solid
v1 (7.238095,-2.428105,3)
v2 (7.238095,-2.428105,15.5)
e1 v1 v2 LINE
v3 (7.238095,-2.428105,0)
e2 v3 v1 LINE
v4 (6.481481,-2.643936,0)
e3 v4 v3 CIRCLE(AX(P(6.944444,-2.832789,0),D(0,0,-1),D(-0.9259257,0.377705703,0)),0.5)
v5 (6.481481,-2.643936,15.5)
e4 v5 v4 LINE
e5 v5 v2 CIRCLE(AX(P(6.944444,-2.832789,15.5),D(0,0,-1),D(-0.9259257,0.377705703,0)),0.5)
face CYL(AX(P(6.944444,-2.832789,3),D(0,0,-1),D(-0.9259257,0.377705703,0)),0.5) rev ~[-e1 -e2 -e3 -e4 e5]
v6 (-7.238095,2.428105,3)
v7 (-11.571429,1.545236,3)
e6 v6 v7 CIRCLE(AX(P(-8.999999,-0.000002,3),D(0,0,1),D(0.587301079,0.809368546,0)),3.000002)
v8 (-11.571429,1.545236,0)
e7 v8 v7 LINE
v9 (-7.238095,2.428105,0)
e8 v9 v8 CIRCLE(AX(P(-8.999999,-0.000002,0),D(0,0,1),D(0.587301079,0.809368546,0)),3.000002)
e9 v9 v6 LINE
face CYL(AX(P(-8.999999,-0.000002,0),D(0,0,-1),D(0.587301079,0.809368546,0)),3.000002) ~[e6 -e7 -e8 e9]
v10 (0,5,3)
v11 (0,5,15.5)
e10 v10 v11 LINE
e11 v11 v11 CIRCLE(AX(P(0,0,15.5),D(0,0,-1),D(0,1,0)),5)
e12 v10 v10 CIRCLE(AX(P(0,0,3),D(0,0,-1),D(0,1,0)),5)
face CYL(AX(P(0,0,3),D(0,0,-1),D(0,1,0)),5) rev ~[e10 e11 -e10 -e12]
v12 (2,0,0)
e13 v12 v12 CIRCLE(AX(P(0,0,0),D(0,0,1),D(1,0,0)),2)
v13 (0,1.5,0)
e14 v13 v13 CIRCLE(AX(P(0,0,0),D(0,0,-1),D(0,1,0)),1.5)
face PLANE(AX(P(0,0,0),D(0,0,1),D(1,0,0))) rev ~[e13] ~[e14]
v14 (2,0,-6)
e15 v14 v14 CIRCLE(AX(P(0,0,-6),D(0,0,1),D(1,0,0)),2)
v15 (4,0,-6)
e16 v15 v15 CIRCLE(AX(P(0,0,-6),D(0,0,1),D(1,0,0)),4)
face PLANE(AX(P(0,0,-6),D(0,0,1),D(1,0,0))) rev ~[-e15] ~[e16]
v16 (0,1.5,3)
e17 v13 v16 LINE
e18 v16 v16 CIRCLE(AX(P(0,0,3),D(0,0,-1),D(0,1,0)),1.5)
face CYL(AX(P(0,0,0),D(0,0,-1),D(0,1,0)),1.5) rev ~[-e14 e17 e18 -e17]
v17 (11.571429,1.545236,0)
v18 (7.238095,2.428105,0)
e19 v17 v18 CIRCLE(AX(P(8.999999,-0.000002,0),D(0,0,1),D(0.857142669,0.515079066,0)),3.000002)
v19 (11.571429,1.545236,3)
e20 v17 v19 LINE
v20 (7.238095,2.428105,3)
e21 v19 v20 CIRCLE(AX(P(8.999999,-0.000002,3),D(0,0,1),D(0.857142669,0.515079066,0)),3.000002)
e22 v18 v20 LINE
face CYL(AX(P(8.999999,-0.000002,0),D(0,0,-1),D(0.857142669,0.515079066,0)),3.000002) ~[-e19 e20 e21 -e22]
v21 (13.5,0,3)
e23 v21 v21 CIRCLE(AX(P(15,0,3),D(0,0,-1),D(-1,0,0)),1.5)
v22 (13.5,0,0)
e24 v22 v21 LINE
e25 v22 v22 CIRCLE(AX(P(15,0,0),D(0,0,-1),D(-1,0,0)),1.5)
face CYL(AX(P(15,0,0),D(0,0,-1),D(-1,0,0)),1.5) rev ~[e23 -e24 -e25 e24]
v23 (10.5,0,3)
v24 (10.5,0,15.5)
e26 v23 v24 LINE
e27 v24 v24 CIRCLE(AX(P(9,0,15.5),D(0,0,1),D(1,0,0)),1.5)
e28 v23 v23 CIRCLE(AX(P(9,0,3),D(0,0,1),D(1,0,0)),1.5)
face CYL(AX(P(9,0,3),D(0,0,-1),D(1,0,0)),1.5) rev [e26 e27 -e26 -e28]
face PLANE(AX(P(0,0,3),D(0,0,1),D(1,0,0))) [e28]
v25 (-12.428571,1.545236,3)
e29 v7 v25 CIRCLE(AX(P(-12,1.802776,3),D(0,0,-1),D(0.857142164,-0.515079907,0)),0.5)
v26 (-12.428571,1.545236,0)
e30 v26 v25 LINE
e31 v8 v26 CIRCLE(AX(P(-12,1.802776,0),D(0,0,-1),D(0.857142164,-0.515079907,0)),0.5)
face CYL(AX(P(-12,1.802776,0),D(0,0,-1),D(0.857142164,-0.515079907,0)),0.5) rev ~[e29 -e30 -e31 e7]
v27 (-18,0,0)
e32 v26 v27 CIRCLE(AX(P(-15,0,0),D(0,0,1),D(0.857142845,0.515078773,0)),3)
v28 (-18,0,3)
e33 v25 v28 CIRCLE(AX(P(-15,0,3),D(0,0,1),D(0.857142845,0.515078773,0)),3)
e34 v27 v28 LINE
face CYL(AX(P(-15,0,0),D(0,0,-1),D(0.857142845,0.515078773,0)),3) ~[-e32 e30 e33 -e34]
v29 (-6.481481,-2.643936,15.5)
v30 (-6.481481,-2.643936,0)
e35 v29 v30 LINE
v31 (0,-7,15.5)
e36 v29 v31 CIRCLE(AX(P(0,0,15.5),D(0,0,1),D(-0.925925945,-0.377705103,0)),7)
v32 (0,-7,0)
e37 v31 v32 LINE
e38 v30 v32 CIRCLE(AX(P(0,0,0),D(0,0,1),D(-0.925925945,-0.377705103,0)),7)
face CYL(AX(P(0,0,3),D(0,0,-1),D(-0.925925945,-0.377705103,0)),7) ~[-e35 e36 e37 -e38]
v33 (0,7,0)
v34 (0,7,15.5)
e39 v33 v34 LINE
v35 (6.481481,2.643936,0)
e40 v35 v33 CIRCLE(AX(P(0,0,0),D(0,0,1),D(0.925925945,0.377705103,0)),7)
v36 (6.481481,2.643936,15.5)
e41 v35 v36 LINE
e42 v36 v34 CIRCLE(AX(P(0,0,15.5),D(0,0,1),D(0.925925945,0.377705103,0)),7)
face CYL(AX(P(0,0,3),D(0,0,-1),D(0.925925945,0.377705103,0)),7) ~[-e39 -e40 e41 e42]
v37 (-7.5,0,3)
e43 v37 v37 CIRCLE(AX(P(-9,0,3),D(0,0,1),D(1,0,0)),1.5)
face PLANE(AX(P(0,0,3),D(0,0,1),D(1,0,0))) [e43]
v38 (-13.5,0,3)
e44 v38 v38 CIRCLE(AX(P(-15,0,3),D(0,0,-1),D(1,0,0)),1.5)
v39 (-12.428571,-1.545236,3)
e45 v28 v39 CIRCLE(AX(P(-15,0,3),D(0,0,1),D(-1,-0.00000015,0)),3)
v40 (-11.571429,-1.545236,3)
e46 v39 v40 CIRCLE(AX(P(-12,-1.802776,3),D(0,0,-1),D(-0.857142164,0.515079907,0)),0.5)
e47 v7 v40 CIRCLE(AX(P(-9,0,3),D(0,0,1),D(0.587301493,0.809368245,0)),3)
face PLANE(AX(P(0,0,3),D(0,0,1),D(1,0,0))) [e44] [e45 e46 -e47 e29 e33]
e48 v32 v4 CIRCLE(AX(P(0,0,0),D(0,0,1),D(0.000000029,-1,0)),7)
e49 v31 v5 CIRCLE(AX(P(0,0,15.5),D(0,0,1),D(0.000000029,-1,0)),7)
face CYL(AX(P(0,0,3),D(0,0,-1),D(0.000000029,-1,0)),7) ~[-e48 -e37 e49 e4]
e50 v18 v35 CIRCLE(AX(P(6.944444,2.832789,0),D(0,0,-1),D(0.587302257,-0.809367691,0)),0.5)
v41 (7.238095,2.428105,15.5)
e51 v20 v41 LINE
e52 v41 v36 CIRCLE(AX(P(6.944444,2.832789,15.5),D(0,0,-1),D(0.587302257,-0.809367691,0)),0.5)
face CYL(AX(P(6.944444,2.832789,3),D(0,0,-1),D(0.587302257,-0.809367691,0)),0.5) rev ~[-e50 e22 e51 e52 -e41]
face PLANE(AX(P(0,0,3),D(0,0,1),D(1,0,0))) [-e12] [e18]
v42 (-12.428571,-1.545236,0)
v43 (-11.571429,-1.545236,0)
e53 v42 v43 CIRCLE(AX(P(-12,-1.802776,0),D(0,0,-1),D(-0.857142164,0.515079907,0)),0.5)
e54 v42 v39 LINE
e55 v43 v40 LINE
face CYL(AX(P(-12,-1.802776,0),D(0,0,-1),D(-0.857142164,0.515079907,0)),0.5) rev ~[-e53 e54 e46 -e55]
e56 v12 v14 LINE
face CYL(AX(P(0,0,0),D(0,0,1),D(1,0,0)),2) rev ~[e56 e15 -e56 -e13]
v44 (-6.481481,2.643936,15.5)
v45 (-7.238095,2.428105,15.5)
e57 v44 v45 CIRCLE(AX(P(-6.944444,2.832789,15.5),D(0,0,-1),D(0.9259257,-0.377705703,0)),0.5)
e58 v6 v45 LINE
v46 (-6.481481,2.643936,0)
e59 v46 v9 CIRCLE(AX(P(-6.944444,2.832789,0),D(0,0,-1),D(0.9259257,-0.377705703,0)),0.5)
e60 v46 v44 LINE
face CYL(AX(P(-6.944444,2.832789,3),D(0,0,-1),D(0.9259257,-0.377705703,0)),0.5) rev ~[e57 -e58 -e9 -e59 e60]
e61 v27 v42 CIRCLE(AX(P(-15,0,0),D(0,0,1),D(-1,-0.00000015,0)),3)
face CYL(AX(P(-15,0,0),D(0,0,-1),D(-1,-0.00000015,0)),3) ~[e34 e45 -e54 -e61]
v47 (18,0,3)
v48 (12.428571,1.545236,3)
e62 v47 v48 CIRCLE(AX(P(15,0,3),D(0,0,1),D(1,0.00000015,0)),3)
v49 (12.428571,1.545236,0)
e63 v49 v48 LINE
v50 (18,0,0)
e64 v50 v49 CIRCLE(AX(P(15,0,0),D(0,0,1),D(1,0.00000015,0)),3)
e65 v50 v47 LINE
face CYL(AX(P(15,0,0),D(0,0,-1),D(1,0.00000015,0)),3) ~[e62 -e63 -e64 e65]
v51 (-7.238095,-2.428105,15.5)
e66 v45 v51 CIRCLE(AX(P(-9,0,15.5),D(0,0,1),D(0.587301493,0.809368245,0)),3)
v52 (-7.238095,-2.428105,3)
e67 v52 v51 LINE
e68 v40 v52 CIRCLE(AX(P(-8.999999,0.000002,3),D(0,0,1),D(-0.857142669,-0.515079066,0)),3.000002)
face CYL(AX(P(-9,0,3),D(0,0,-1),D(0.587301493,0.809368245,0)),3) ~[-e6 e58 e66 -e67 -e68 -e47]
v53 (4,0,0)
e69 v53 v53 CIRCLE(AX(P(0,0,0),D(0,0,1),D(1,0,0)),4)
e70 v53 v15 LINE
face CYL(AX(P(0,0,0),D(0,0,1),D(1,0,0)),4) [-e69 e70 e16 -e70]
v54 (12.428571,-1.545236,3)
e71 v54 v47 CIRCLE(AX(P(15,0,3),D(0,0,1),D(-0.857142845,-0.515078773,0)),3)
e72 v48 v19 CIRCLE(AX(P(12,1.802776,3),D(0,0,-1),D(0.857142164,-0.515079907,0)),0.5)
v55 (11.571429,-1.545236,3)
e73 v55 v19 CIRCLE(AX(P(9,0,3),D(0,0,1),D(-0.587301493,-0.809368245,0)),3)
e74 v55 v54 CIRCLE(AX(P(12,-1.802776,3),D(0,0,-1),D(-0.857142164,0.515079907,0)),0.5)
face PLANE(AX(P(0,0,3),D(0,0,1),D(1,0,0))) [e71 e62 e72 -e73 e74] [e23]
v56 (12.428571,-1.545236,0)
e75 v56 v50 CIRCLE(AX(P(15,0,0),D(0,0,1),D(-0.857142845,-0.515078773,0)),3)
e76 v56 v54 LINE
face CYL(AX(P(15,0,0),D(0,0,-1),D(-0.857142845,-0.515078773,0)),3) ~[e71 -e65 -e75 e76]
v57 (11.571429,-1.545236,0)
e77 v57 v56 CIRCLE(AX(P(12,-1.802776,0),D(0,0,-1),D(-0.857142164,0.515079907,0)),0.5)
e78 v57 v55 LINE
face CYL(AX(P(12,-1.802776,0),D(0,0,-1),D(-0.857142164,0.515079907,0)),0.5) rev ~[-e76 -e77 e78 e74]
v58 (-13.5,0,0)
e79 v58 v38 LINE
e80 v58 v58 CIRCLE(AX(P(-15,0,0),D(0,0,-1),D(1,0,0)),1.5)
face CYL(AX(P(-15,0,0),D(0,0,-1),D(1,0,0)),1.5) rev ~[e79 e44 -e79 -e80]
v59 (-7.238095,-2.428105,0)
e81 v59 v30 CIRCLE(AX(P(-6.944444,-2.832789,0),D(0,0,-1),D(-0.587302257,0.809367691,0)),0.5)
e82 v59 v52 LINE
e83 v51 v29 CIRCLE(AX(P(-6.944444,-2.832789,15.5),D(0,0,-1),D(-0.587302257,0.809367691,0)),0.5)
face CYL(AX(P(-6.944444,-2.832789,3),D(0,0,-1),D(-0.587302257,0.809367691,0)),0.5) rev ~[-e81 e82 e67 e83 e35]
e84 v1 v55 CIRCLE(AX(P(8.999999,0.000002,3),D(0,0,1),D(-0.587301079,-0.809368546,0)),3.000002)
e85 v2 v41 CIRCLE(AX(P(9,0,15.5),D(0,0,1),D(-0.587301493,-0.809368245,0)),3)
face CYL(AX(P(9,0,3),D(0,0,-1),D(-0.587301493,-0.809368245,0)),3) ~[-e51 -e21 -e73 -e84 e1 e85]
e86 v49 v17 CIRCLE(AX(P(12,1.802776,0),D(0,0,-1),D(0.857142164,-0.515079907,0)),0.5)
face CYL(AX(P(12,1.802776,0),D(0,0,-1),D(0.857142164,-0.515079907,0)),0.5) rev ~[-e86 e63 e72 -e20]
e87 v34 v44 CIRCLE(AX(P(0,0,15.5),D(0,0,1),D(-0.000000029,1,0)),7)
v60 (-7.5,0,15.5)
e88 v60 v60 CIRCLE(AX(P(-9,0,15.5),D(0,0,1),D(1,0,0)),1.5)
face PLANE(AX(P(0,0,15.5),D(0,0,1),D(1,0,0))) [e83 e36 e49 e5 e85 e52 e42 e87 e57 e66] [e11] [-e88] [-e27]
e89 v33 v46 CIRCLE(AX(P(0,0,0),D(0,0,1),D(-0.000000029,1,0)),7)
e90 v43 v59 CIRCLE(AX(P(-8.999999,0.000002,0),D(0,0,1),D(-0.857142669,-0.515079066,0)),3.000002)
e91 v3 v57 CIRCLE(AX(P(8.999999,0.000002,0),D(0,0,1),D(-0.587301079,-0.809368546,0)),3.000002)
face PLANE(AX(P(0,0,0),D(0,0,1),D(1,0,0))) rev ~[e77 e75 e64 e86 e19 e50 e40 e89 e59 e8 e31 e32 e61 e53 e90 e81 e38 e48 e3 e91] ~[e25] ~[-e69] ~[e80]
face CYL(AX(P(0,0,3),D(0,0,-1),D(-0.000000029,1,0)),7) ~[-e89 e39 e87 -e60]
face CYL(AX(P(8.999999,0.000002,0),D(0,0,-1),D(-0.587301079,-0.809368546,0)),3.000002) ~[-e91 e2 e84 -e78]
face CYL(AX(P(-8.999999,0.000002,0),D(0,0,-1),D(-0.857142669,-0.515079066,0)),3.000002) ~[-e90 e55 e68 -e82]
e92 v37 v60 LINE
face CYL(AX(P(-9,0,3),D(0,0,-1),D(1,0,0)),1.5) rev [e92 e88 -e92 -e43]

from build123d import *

# Parameters (mm, degrees)
F1_DEPTH = 3
F2_R     = 1.5
F3_DEPTH = 12.5
F4_R     = 4
F4_R_2   = 2
F5_DEPTH = 6


with BuildPart() as f1:
    # F0 (on Top) → F1 (new body)
    with BuildSketch(Plane.XY):
        with BuildLine():
            ThreePointArc((7.238095, 2.428105), (6.807286, 2.351969), (6.481481, 2.643936))
            ThreePointArc((6.481481, 2.643936), (3.904641, 5.8098), (0, 7))
            ThreePointArc((0, 7), (-3.904641, 5.8098), (-6.481481, 2.643936))
            ThreePointArc((-6.481481, 2.643936), (-6.807286, 2.351969), (-7.238095, 2.428105))
            ThreePointArc((-7.238095, 2.428105), (-9.598913, 2.939609), (-11.571429, 1.545236))
            ThreePointArc((-11.571429, 1.545236), (-12, 1.302776), (-12.428571, 1.545236))
            ThreePointArc((-12.428571, 1.545236), (-15.801784, 2.890872), (-18, 0))
            ThreePointArc((-18, 0), (-15.801784, -2.890872), (-12.428571, -1.545236))
            ThreePointArc((-12.428571, -1.545236), (-12, -1.302776), (-11.571429, -1.545236))
            ThreePointArc((-11.571429, -1.545236), (-9.598913, -2.939609), (-7.238095, -2.428105))
            ThreePointArc((-7.238095, -2.428105), (-6.807286, -2.351969), (-6.481481, -2.643936))
            ThreePointArc((-6.481481, -2.643936), (-3.904641, -5.8098), (0, -7))
            ThreePointArc((0, -7), (3.904641, -5.8098), (6.481481, -2.643936))
            ThreePointArc((6.481481, -2.643936), (6.807286, -2.351969), (7.238095, -2.428105))
            ThreePointArc((7.238095, -2.428105), (9.598913, -2.939609), (11.571429, -1.545236))
            ThreePointArc((11.571429, -1.545236), (12, -1.302776), (12.428571, -1.545236))
            ThreePointArc((12.428571, -1.545236), (15.801784, -2.890872), (18, 0))
            ThreePointArc((18, 0), (15.801784, 2.890872), (12.428571, 1.545236))
            ThreePointArc((12.428571, 1.545236), (12, 1.302776), (11.571429, 1.545236))
            ThreePointArc((11.571429, 1.545236), (9.598913, 2.939609), (7.238095, 2.428105))
        make_face()
        with BuildLine():
            ThreePointArc((-16.5, 0), (-15, 1.5), (-13.5, 0))
            ThreePointArc((-13.5, 0), (-15, -1.5), (-16.5, 0))
        make_face(mode=Mode.SUBTRACT)
        with BuildLine():
            ThreePointArc((0, -1.5), (-1.5, 0), (0, 1.5))
            ThreePointArc((0, 1.5), (1.5, 0), (0, -1.5))
        make_face(mode=Mode.SUBTRACT)
        with BuildLine():
            ThreePointArc((16.5, 0), (15, -1.5), (13.5, 0))
            ThreePointArc((13.5, 0), (15, 1.5), (16.5, 0))
        make_face(mode=Mode.SUBTRACT)
    extrude(amount=F1_DEPTH)

    # F2 (on face) → F3 (join)
    with BuildSketch(Plane.XY.offset(3)):
        with BuildLine():
            ThreePointArc((7.238095, 2.428105), (6.807286, 2.351969), (6.481481, 2.643936))
            ThreePointArc((6.481481, 2.643936), (3.904641, 5.8098), (0, 7))
            ThreePointArc((0, 7), (-3.904641, 5.8098), (-6.481481, 2.643936))
            ThreePointArc((-6.481481, 2.643936), (-6.807286, 2.351969), (-7.238095, 2.428105))
            ThreePointArc((-7.238095, 2.428105), (-12, 0), (-7.238095, -2.428105))
            ThreePointArc((-7.238095, -2.428105), (-6.807286, -2.351969), (-6.481481, -2.643936))
            ThreePointArc((-6.481481, -2.643936), (-3.904641, -5.8098), (0, -7))
            ThreePointArc((0, -7), (3.904641, -5.8098), (6.481481, -2.643936))
            ThreePointArc((6.481481, -2.643936), (6.807286, -2.351969), (7.238095, -2.428105))
            ThreePointArc((7.238095, -2.428105), (12, 0), (7.238095, 2.428105))
        make_face()
        with Locations((-9, 0)):
            Circle(F2_R, mode=Mode.SUBTRACT)
        with BuildLine():
            ThreePointArc((0, -5), (-5, 0), (0, 5))
            ThreePointArc((0, 5), (5, 0), (0, -5))
        make_face(mode=Mode.SUBTRACT)
        with Locations((9, 0)):
            Circle(F2_R, mode=Mode.SUBTRACT)
    extrude(amount=F3_DEPTH)

    # F4 (on face) → F5 (join)
    with BuildSketch(Plane.XY):
        Circle(F4_R)
        Circle(F4_R_2, mode=Mode.SUBTRACT)
    extrude(amount=-F5_DEPTH)


solid = f1.part
